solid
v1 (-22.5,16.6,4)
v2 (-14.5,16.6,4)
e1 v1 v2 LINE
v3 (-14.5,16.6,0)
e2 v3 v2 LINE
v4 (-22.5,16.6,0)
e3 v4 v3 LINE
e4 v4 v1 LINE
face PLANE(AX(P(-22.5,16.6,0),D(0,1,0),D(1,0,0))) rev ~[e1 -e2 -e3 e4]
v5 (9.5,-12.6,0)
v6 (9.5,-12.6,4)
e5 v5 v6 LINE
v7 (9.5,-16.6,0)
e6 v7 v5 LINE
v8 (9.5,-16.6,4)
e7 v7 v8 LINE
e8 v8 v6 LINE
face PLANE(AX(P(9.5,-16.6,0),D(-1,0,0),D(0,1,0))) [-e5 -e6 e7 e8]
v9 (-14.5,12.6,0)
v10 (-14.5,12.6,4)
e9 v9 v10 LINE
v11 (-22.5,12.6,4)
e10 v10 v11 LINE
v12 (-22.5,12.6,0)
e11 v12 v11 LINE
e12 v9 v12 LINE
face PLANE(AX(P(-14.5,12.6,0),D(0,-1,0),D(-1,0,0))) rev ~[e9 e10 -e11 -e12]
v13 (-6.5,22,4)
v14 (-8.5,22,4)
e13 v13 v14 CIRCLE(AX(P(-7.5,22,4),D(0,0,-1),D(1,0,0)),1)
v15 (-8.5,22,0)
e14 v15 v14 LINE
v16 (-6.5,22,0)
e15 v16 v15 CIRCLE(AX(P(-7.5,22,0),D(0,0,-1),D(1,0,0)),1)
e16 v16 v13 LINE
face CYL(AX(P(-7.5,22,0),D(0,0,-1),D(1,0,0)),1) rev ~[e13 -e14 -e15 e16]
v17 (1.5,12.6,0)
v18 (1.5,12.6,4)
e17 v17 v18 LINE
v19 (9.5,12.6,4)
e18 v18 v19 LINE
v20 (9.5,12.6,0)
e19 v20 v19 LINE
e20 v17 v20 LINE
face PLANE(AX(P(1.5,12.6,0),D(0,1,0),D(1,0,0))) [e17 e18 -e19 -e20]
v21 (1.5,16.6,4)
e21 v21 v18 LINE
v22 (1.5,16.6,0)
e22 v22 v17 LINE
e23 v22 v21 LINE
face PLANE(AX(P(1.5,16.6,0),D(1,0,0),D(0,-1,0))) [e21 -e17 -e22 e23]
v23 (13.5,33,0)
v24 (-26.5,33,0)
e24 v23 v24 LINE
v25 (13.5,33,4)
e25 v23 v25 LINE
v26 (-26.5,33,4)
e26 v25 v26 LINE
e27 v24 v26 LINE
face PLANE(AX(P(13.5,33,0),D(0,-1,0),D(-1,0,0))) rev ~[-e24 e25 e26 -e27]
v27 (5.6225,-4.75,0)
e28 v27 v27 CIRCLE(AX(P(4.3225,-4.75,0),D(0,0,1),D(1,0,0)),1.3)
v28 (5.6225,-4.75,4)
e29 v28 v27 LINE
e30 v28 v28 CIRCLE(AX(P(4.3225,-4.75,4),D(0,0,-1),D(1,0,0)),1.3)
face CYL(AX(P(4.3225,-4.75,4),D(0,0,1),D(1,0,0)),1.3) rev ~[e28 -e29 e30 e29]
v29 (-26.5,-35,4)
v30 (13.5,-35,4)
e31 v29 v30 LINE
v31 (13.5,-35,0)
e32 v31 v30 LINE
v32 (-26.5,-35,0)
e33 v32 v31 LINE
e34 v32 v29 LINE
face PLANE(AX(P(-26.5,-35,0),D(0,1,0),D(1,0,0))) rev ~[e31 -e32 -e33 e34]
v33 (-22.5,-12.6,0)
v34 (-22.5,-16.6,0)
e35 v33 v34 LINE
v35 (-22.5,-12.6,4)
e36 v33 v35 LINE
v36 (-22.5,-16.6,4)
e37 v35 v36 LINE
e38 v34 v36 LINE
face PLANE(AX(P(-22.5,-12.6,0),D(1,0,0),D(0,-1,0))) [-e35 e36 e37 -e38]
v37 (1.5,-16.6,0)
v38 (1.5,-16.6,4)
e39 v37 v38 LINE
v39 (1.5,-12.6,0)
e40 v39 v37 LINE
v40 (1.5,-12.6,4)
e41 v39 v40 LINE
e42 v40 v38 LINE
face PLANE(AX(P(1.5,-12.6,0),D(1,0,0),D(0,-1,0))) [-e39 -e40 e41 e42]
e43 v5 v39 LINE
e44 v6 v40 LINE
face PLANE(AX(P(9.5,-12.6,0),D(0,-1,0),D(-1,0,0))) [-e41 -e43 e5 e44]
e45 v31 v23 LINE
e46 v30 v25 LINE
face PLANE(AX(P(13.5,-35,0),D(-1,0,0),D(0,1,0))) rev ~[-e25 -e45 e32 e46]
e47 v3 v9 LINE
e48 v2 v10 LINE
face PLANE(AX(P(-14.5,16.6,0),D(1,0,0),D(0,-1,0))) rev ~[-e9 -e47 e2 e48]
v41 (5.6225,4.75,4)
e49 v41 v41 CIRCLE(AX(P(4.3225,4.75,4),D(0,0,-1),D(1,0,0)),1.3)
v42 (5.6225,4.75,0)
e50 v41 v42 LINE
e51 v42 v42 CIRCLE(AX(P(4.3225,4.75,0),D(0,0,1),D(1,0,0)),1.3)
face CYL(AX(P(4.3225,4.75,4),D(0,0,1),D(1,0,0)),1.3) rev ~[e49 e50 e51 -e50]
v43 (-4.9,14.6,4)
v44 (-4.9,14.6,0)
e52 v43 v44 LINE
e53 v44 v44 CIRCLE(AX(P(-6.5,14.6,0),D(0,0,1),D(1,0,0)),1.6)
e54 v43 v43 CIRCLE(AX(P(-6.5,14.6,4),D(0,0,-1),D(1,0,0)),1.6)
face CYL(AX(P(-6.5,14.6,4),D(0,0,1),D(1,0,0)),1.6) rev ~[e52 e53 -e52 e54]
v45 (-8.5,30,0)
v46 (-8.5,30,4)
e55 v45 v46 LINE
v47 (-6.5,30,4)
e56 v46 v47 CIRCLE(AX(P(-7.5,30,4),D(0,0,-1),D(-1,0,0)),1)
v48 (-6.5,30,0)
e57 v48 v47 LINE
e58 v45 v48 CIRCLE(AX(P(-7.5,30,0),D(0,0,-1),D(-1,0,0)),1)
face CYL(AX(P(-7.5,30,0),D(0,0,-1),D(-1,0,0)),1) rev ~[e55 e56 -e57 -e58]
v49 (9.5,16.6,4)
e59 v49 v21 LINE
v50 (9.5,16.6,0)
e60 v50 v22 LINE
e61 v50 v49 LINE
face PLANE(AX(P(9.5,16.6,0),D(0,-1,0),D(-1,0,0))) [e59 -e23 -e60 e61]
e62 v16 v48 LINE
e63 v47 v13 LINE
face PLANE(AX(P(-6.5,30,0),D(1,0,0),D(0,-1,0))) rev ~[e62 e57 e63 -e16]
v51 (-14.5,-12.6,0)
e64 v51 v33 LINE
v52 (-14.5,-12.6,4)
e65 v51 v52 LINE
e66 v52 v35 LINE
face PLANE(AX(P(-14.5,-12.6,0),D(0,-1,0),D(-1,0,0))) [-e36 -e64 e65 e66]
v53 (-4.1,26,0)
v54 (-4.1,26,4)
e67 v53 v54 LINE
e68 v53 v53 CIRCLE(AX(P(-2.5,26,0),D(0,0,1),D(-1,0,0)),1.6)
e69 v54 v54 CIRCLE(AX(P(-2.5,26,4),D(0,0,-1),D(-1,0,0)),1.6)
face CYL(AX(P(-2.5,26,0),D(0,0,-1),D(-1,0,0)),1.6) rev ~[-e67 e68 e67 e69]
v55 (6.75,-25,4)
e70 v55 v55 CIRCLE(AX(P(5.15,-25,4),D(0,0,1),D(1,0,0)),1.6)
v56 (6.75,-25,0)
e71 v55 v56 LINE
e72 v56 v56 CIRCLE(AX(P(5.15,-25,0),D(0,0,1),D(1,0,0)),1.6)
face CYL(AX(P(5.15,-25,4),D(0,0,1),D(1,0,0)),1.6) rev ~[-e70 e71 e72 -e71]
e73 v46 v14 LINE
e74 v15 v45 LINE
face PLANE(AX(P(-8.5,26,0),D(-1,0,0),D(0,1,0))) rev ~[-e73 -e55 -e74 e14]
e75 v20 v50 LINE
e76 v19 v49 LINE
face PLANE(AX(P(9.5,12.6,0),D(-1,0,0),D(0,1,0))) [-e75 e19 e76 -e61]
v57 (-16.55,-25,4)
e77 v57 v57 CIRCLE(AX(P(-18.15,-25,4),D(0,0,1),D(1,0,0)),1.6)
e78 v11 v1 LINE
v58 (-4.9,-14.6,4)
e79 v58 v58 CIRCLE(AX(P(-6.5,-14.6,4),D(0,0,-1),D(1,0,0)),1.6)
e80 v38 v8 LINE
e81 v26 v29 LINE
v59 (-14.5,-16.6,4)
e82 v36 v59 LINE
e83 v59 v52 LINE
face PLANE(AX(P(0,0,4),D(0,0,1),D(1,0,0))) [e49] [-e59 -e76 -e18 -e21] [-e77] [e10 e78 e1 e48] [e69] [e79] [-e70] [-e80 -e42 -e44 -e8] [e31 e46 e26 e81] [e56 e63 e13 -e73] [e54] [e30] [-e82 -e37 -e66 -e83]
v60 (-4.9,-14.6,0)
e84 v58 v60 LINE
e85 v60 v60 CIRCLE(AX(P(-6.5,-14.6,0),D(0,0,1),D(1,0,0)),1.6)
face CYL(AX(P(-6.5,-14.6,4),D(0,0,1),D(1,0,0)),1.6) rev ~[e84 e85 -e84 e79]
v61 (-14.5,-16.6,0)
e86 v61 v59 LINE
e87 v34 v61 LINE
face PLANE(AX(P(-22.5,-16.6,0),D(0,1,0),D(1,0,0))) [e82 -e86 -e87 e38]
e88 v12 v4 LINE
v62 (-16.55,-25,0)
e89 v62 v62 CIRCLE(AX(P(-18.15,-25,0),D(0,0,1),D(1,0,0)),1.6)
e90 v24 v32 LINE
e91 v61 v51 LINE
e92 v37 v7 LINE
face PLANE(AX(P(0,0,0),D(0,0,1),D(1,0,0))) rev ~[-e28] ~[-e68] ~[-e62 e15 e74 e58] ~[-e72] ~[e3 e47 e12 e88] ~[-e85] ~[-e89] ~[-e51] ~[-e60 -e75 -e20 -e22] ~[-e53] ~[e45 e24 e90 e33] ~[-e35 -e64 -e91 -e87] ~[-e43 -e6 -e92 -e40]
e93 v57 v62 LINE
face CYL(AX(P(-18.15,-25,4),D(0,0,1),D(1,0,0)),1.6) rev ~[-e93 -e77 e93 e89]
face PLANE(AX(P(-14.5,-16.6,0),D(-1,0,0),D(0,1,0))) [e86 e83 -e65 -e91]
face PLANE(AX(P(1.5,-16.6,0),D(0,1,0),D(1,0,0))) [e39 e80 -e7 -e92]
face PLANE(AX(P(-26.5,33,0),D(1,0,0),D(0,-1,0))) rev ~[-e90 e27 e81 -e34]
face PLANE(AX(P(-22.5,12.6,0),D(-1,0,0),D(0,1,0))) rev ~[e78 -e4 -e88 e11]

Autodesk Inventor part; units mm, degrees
ref_plane "YZ Plane" through (0, 0, 0) normal (1, 0, 0) x (0, 1, 0)
ref_plane "XZ Plane" through (0, 0, 0) normal (0, 1, 0) x (-1, 0, 0)
ref_plane "XY Plane" through (0, 0, 0) normal (0, 0, 1) x (1, 0, 0)
sketch "Эскиз1" plane through (0, 0, 0) normal (0, 0, 1) x (1, 0, 0)
  line L0 (-26.5, -35) -> (13.5, -35)
  line L1 (13.5, -35) -> (13.5, 33)
  line L2 (13.5, 33) -> (-26.5, 33)
  line L3 (-26.5, 33) -> (-26.5, -35)
  line L4 (-22.5, -16.6) -> (-14.5, -16.6)
  line L5 (-14.5, -16.6) -> (-14.5, -12.6)
  line L6 (-14.5, -12.6) -> (-22.5, -12.6)
  line L7 (-22.5, -12.6) -> (-22.5, -16.6)
  line L8 (1.5, -16.6) -> (9.5, -16.6)
  line L9 (9.5, -16.6) -> (9.5, -12.6)
  line L10 (9.5, -12.6) -> (1.5, -12.6)
  line L11 (1.5, -12.6) -> (1.5, -16.6)
  line L12 (-22.5, 16.6) -> (-14.5, 16.6)
  line L13 (-14.5, 16.6) -> (-14.5, 12.6)
  line L14 (-14.5, 12.6) -> (-22.5, 12.6)
  line L15 (-22.5, 12.6) -> (-22.5, 16.6)
  line L16 (1.5, 12.6) -> (9.5, 12.6)
  line L17 (9.5, 12.6) -> (9.5, 16.6)
  line L18 (9.5, 16.6) -> (1.5, 16.6)
  line L19 (1.5, 16.6) -> (1.5, 12.6)
  line L20 (-18.5, -12.6) -> (-18.5, -3.7782) construction
  line L21 (5.5, -12.6) -> (5.5, -5.4201) construction
  point P0 (0, 0)
  point P1 (-14.5, -14.6)
  point P2 (1.5, -14.6)
  point P3 (5.5, 12.6)
  point P4 (-18.5, 12.6)
  dimension "d0" = 68
  dimension "d1" = 40
  dimension "d2" = 8
  dimension "d3" = 4
  dimension "d5" = 4
  dimension "d10" = 8
  dimension "d12" = 4
  dimension "d13" = 16
  dimension "d32" = 8
  dimension "d33" = 4
  dimension "d34" = 8
  dimension "d35" = 25.2
  dimension "d54" = 16.4
  dimension "d55" = 25.2
extrude "Выдавливание1" add sketch "Эскиз1" along normal blind 4
sketch "Эскиз3" plane through (0, 0, 4) normal (0, 0, 1) x (1, 0, 0)
  line L0 (1.5, -16.6) -> (1.5, -12.6) projected
  line L1 (-14.5, -12.6) -> (-14.5, -16.6) projected
  circle A0 centre (-6.5, 14.6) radius 1.6
  circle A1 centre (-6.5, -14.6) radius 1.6
  line L2 (-14.5, 14.6) -> (1.5, 14.6)
  line L3 (-14.5, -14.6) -> (1.5, -14.6)
  line L4 (-14.5, 16.6) -> (-14.5, 12.6) projected
  line L5 (1.5, 12.6) -> (1.5, 16.6) projected
  point P0 (0, 0)
  point P1 (-14.5, 14.6)
  point P2 (1.5, 14.6)
  dimension "d27" = 3.2
  dimension "d28" = 3.2
extrude "Выдавливание3" cut sketch "Эскиз3" against normal blind 4
sketch "Эскиз4" plane through (0, 0, 0) normal (0, 0, -1) x (-1, 0, 0)
  line L0 (-25.5, 33) -> (9.5, 33) construction
  line L1 (9.5, 33) -> (9.5, 19) construction
  line L2 (9.5, 19) -> (-25.5, 19) construction
  line L3 (-25.5, 19) -> (-25.5, 33) construction
  line L4 (-13.5, 33) -> (26.5, 33) projected
  line L5 (-13.5, -35) -> (-13.5, 33) projected
  circle A0 centre (2.5, 26) radius 1.6
  line L6 (7.5, 21) -> (7.5, 31) construction
  line L7 (8.5, 22) -> (8.5, 30)
  line L8 (6.5, 30) -> (6.5, 22)
  arc A1 (6.5, 22) -> (8.5, 22) centre (7.5, 22) ccw
  arc A2 (8.5, 30) -> (6.5, 30) centre (7.5, 30) ccw
  line L9 (9.5, 26) -> (-1.5724, 26)
  point P0 (0, 0)
  point P1 (-8, 33)
  point P2 (-25.5, 26)
  point P3 (7.5, 26)
  dimension "d39" = 35
  dimension "d40" = 14
  dimension "d41" = 12
  dimension "d42" = 3.2
  dimension "d43" = 7
  dimension "d44" = 10
  dimension "d45" = 2
  dimension "d46" = 5
extrude "Выдавливание4" cut sketch "Эскиз4" against normal blind 4
sketch "Эскиз5" plane through (0, 0, 4) normal (0, 0, 1) x (1, 0, 0)
  line L0 (4.3225, 4.75) -> (4.3225, -4.75)
  line L1 (0, 0) -> (13.5, 0) construction
  line L2 (13.5, -35) -> (13.5, 33) construction
  circle A0 centre (4.3225, 4.75) radius 1.3
  circle A1 centre (4.3225, -4.75) radius 1.3
  point P0 (4.3225, 0)
  dimension "d49" = 9.5
  dimension "d50" = 2.6
  dimension "d51" = 2.6
extrude "Выдавливание5" cut sketch "Эскиз5" against normal blind 4
sketch "Эскиз7" plane through (0, 0, 4) normal (0, 0, 1) x (1, 0, 0)
  line L0 (23.5, -19) -> (23.5, -23) construction
  line L1 (-19.8, -23) -> (-19.8, -27) construction
  line L2 (-19.8, -27) -> (-36.5, -27) construction
  line L3 (-36.5, -27) -> (-36.5, -23) construction
  line L4 (-36.5, -23) -> (-19.8, -23) construction
  line L5 (3.5, -23) -> (3.5, -27) construction
  line L6 (3.5, -27) -> (-16.5, -27) construction
  line L7 (-16.5, -27) -> (-16.5, -23) construction
  line L8 (-16.5, -23) -> (3.5, -23) construction
  line L9 (6.8, -27) -> (6.8, -23) construction
  line L10 (6.8, -23) -> (23.5, -23) construction
  line L11 (23.5, -23) -> (23.5, -27) construction
  line L12 (23.5, -27) -> (6.8, -27) construction
  line L13 (-19.8, -27) -> (-16.5, -23) construction
  line L14 (3.5, -27) -> (6.8, -23) construction
  circle A0 centre (-18.15, -25) radius 1.6
  circle A1 centre (5.15, -25) radius 1.6
  dimension "d60" = 3.2
  dimension "d61" = 3.2
extrude "Выдавливание6" cut sketch "Эскиз7" against normal blind 10
properties part number "дно_каретки"
